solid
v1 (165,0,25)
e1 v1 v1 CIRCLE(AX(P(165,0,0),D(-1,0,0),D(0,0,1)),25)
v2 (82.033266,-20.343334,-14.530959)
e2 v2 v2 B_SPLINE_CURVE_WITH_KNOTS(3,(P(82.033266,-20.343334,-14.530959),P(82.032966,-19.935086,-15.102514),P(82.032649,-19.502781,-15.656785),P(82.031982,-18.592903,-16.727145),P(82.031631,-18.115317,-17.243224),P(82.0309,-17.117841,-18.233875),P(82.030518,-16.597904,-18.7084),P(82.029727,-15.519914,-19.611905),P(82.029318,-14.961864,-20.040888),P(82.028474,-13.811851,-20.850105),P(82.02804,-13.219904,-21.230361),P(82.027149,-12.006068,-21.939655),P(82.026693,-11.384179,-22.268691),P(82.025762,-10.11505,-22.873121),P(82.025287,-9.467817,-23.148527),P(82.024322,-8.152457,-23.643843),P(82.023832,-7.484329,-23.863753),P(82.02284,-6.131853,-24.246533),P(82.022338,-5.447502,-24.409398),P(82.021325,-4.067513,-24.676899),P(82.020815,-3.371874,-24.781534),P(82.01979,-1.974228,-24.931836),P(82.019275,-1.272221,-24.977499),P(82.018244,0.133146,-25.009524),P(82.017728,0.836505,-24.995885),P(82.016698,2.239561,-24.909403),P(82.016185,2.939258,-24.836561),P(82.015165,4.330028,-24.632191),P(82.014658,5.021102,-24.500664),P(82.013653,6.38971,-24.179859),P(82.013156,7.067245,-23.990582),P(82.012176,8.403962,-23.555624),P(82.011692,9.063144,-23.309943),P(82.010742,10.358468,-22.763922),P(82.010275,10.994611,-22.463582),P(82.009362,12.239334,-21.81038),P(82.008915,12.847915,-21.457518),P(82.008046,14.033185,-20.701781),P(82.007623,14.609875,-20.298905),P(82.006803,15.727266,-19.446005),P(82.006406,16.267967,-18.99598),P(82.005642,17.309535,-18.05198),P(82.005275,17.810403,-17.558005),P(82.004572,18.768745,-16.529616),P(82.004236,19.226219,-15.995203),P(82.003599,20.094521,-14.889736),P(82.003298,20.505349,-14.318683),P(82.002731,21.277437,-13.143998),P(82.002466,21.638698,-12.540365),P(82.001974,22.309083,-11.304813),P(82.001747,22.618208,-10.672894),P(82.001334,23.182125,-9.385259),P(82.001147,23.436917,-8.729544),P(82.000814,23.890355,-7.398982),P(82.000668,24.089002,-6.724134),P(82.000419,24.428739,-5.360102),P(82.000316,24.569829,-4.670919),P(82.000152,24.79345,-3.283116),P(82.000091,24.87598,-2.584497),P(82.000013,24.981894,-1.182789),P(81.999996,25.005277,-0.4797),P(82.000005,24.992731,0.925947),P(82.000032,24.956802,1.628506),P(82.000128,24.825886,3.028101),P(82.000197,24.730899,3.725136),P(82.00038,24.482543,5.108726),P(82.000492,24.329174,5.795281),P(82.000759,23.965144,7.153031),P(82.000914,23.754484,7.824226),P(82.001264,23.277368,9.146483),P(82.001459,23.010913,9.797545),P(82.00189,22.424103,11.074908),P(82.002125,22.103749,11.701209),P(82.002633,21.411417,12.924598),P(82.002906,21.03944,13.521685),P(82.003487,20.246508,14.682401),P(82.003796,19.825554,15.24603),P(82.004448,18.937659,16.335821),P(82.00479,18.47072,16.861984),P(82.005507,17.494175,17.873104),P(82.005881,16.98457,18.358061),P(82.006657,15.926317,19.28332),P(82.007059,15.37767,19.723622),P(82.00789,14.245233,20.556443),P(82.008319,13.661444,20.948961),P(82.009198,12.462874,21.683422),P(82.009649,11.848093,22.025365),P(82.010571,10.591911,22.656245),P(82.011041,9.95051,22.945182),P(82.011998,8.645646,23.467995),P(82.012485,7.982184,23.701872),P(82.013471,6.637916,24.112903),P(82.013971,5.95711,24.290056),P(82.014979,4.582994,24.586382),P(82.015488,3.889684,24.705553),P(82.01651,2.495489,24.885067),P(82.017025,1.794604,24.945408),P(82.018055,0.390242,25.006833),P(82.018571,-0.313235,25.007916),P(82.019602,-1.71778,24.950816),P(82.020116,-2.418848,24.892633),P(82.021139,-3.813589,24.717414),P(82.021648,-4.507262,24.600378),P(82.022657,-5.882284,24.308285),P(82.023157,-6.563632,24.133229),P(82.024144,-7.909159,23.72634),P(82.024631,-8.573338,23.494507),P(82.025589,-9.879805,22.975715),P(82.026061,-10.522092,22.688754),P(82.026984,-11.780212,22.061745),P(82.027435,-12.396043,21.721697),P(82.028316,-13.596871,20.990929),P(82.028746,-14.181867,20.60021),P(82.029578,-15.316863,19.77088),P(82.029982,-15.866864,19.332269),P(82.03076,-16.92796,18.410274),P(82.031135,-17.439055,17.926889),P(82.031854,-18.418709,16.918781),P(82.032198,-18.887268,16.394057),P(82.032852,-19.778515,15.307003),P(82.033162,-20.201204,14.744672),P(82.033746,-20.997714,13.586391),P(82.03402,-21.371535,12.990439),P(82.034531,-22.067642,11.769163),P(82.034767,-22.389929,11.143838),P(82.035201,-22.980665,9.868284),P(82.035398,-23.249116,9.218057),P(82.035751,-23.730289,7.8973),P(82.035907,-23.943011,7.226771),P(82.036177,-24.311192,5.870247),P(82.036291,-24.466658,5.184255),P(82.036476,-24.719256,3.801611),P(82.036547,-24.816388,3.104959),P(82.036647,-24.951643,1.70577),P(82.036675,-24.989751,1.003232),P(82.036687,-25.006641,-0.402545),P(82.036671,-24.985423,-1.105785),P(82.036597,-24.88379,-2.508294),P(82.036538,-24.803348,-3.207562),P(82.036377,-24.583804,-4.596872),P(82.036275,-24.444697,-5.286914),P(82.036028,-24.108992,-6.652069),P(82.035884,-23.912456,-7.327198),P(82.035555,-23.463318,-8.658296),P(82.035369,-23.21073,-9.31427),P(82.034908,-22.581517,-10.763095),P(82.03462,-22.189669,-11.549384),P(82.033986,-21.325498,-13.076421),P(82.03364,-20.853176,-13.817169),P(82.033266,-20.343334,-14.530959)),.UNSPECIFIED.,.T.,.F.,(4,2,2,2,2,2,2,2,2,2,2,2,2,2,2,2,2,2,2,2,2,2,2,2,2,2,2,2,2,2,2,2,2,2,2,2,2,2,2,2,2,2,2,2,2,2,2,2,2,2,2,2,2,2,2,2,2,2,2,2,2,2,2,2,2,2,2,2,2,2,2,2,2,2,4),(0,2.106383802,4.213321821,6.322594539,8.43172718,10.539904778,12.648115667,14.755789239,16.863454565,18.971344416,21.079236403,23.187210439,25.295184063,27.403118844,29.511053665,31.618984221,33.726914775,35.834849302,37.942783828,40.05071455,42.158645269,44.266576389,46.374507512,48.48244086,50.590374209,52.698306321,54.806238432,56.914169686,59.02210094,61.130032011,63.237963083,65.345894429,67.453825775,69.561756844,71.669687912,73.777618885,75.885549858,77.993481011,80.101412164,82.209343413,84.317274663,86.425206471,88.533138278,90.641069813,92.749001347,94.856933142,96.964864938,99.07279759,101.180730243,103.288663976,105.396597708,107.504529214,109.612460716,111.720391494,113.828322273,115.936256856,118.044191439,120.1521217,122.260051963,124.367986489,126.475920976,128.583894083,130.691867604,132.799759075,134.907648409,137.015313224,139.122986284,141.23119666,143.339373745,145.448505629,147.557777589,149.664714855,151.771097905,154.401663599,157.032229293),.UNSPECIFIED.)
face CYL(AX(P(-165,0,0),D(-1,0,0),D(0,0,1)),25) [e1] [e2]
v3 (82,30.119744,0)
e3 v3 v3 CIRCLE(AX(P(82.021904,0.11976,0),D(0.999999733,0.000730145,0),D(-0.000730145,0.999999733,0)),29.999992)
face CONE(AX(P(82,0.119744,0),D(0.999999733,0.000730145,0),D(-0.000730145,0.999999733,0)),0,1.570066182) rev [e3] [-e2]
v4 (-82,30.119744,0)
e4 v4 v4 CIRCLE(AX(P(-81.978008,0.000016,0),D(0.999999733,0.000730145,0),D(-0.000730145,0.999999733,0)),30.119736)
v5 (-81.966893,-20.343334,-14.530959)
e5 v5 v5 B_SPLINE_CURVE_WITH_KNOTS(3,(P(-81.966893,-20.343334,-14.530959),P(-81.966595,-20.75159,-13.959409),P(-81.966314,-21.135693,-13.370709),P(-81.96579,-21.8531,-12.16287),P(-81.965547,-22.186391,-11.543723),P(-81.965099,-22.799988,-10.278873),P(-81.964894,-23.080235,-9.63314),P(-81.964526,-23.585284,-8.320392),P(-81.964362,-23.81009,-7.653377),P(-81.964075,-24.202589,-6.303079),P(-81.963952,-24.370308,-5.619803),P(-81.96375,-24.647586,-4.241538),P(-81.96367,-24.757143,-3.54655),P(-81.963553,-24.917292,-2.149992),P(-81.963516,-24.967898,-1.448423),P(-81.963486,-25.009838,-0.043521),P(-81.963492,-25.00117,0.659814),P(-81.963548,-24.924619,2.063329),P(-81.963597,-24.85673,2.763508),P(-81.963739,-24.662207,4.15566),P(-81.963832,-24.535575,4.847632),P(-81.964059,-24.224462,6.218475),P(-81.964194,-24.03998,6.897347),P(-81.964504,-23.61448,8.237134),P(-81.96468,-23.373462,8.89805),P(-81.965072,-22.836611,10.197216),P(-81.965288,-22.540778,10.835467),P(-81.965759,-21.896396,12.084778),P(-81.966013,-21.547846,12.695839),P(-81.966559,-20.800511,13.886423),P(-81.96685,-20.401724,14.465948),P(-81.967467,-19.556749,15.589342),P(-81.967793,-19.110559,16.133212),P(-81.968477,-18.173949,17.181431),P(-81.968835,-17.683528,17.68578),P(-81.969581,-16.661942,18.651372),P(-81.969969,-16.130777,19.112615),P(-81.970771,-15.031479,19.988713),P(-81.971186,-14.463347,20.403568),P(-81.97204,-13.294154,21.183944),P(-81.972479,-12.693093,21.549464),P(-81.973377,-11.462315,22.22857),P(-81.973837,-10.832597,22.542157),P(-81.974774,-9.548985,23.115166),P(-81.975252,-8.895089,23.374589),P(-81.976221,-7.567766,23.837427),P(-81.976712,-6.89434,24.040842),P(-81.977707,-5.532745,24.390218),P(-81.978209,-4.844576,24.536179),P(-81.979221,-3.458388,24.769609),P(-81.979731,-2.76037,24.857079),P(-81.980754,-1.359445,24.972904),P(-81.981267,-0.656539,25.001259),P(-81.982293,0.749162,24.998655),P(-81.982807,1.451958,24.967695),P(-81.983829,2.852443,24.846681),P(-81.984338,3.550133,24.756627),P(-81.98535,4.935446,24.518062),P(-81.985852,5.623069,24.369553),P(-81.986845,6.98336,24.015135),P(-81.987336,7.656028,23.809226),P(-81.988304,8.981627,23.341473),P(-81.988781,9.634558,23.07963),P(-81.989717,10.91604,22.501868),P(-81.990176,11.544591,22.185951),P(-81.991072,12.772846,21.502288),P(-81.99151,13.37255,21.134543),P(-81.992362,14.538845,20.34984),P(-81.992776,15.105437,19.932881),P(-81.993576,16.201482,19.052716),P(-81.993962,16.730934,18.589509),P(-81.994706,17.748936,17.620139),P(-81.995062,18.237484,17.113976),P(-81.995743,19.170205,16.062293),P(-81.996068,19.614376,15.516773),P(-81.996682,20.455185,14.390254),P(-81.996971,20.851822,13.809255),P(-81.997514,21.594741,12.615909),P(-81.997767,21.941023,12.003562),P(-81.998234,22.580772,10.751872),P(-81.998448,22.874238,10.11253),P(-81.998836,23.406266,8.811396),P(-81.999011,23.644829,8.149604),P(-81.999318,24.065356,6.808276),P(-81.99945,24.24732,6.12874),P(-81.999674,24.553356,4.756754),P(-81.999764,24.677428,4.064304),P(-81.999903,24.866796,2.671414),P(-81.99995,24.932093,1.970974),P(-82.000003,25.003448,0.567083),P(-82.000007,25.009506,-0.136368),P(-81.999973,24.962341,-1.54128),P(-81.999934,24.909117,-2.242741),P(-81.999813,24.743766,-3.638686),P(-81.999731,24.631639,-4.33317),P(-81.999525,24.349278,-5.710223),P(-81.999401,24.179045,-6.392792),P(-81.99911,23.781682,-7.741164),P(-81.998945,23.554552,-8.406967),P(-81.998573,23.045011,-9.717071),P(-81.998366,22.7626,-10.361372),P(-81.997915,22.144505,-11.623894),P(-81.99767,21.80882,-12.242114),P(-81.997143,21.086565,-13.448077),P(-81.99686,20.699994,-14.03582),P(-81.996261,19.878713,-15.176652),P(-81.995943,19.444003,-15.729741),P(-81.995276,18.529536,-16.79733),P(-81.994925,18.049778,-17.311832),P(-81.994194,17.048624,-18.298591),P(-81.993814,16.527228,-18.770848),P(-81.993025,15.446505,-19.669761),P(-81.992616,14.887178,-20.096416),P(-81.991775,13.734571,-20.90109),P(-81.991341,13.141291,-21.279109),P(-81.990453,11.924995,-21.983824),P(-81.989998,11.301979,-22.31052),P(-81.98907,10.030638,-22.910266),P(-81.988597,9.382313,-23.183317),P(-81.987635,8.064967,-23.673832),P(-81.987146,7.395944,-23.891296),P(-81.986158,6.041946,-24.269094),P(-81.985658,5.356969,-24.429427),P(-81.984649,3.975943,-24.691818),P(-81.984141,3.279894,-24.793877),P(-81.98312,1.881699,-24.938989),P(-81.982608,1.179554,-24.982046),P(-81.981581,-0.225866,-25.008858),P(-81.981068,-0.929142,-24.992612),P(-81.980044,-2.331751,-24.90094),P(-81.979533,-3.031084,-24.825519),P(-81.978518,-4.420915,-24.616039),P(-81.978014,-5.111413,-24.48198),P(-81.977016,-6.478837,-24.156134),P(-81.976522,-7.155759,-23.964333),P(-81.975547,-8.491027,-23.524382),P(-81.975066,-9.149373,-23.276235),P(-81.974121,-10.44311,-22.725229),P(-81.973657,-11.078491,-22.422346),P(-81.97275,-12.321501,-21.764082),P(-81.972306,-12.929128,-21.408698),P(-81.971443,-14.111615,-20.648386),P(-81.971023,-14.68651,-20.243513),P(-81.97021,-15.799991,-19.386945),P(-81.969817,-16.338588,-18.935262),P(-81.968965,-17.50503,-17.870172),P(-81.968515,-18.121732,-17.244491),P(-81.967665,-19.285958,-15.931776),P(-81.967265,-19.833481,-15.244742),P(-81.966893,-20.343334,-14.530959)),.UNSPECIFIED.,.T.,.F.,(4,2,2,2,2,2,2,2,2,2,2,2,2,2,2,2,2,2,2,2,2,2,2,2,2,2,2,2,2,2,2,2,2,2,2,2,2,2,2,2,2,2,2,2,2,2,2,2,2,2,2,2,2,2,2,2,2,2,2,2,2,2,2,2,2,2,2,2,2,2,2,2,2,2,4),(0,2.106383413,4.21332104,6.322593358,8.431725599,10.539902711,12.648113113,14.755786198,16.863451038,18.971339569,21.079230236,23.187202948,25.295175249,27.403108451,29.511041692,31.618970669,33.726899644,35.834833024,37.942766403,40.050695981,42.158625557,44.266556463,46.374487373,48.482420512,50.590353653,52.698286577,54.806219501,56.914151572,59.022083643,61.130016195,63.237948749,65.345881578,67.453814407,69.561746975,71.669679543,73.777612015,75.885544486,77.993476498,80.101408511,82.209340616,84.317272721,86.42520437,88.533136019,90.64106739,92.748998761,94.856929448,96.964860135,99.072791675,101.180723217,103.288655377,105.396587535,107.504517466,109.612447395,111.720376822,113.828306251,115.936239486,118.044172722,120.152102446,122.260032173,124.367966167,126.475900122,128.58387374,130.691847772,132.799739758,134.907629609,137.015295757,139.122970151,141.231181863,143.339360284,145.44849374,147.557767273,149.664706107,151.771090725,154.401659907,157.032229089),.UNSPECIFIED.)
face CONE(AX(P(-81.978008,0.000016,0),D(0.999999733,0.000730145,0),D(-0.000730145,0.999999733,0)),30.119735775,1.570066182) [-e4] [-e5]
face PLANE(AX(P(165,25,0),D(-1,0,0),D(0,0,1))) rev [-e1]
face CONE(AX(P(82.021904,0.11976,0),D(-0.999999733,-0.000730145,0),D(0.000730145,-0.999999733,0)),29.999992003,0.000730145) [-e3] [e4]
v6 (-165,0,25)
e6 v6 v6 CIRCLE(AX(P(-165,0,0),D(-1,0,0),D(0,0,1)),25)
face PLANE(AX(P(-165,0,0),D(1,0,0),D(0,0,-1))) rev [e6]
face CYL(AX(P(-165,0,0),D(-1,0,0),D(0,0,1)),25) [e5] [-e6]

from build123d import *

# Parameters (mm, degrees)
SKETCH1_W = 330
SKETCH1_H = 25


with BuildPart() as part:
    # Sketch1 → Revolve1 (revolve)
    with BuildSketch(Plane.XY, mode=Mode.PRIVATE) as revolve1_sk:
        with Locations((0, 12.5)):
            Rectangle(SKETCH1_W, SKETCH1_H)
    revolve(revolve1_sk.sketch.rotate(Axis((-165, 0, 0), (1, 0, 0)), 90), axis=Axis((-165, 0, 0), (1, 0, 0)))

    # Sketch2 → Revolve2 (revolve)
    with BuildSketch(Plane.XY):
        Polygon((-82, 0), (-82, 30.119743804), (82, 30.119743804), (82, 0.119743804), align=None)
    revolve(axis=Axis((82, 0.119743804, 0), (-0.9999997334441394, -0.0007301449514384814, 0)))


solid = part.part
